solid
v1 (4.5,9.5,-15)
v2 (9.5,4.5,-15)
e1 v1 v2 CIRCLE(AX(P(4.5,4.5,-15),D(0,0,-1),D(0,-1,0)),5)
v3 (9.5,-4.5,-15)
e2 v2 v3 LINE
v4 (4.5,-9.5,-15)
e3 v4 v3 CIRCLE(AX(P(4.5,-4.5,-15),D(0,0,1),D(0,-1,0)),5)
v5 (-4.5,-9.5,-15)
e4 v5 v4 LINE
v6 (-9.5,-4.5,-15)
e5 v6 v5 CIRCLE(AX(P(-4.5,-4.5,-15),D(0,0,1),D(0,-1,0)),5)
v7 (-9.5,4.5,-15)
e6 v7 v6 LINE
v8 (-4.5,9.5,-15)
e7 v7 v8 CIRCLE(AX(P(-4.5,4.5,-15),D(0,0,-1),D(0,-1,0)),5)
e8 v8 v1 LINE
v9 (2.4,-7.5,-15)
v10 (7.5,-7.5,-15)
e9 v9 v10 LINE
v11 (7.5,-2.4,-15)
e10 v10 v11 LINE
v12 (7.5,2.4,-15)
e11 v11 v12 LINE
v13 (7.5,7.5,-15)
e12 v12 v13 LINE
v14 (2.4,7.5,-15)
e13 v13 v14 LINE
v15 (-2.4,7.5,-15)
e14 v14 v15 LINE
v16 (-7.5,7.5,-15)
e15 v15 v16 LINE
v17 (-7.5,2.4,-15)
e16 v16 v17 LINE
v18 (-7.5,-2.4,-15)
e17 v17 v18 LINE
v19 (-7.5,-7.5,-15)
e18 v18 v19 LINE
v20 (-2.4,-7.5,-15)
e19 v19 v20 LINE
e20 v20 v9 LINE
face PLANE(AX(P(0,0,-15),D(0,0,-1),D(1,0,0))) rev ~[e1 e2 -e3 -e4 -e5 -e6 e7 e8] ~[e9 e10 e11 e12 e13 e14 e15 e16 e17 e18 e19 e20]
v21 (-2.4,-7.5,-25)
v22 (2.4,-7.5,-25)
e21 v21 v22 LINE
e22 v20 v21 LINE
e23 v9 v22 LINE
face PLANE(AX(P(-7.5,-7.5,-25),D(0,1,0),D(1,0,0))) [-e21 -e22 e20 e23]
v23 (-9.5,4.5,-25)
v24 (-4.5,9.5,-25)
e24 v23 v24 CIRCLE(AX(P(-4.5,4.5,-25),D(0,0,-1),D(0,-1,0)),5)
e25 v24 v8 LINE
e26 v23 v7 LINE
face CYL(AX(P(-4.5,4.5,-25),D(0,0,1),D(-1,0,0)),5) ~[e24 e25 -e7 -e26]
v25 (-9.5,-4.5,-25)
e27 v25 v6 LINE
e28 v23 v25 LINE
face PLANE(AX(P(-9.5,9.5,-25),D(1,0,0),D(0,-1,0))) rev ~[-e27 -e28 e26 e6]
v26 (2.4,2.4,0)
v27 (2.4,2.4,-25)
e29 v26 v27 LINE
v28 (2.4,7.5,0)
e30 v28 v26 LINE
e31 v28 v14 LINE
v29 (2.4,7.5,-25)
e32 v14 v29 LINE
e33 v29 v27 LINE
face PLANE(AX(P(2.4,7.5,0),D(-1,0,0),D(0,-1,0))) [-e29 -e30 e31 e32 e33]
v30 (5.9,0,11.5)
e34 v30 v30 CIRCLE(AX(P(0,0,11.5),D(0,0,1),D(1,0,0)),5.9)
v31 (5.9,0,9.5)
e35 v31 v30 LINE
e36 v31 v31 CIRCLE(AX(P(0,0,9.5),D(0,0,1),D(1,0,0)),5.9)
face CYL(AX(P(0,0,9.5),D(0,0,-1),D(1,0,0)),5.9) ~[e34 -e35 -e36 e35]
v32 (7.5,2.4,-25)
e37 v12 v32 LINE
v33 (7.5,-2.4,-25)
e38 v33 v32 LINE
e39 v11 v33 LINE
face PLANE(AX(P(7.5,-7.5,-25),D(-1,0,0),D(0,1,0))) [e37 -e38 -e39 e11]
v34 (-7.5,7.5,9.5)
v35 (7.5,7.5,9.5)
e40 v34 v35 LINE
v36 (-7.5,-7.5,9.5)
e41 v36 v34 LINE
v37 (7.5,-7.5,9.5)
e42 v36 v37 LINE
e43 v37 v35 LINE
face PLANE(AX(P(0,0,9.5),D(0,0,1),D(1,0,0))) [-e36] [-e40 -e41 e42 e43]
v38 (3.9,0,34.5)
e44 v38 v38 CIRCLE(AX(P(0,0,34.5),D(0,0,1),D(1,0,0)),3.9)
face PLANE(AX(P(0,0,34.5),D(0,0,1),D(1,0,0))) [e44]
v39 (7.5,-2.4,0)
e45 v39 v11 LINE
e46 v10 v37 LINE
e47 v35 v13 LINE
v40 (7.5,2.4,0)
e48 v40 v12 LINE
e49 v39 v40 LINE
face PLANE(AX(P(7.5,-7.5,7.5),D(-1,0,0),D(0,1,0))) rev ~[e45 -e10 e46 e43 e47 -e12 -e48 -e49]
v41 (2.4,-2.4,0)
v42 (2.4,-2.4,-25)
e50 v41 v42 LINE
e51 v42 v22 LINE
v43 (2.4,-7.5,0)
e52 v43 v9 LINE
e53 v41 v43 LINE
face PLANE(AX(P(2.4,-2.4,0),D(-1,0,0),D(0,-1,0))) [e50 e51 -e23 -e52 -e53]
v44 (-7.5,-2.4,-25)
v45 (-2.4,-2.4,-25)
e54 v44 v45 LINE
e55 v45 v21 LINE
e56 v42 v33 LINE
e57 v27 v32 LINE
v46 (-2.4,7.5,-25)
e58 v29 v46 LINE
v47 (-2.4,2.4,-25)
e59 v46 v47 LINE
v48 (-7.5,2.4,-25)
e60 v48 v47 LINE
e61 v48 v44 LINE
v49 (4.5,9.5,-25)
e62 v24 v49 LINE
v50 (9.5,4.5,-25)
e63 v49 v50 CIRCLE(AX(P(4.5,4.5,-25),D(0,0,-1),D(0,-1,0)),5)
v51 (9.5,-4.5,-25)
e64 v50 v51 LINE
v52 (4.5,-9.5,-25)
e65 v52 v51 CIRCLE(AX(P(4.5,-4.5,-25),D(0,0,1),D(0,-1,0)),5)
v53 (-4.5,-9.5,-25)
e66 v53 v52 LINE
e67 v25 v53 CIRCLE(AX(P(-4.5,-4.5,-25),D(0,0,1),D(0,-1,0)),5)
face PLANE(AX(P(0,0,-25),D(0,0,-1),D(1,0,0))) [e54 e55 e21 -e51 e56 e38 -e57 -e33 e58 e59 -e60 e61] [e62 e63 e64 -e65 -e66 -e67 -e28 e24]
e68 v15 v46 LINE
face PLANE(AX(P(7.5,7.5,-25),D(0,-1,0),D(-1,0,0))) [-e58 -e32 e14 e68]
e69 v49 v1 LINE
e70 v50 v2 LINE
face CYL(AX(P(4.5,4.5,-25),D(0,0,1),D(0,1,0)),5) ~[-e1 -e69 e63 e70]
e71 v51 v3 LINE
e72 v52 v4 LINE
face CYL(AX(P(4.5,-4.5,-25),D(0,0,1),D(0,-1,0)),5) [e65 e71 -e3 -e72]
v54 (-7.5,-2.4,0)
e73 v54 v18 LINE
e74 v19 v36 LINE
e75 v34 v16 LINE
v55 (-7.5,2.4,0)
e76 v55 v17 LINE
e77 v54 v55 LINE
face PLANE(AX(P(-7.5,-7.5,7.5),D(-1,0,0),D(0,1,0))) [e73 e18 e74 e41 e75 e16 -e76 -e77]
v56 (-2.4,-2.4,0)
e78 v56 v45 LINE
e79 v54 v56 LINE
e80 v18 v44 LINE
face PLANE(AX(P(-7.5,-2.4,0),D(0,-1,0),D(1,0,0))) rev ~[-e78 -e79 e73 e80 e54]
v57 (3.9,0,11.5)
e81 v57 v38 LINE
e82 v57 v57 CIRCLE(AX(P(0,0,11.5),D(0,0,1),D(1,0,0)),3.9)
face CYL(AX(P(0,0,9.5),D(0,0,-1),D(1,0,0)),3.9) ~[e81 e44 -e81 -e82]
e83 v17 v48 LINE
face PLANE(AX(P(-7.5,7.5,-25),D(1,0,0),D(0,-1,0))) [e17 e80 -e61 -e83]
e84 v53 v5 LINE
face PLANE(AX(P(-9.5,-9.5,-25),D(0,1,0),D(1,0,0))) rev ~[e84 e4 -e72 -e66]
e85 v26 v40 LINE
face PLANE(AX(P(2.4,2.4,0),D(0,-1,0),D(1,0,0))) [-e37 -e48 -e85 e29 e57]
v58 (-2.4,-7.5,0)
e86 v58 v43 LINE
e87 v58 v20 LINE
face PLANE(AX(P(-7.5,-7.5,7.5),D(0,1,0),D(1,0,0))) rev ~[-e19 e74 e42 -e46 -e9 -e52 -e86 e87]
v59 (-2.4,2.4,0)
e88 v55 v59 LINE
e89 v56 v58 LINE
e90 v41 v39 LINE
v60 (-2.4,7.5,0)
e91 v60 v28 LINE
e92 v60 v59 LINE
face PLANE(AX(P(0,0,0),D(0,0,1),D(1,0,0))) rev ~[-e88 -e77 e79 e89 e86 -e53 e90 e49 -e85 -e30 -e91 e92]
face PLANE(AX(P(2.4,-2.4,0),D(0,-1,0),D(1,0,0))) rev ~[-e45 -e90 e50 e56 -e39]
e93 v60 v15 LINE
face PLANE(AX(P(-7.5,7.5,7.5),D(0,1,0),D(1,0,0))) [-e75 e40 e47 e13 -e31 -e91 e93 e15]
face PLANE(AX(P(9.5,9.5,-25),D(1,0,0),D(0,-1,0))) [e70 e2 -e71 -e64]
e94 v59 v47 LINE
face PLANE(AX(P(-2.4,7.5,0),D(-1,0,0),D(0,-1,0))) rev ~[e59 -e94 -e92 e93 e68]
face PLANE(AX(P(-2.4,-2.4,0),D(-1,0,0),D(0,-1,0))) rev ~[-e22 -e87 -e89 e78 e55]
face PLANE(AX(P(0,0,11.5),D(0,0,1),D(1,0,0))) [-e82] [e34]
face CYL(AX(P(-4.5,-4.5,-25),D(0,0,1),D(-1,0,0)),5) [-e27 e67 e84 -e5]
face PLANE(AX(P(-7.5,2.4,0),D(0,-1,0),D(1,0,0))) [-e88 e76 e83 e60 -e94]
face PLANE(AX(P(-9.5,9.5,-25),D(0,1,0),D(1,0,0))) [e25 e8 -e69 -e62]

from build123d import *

# Parameters (mm, degrees)
F0_W      = 15
F0_H      = 15
F1_DEPTH  = 7.5
F2_DEPTH  = 2
F3_W      = 5.1
F3_H      = 5.1
F4_DEPTH  = 25
F5_DEPTH  = 2
F6_W      = 19
F6_H      = 19
F7_DEPTH  = 10
F8_R      = 5
F9_R      = 5.9
F9_R_2    = 3.9
F10_DEPTH = 2
F11_DEPTH = 25


with BuildPart() as f1:
    # F0 (on Top) → F1 (new body)
    with BuildSketch(Plane.XY):
        Rectangle(F0_W, F0_H)
        with BuildLine():
            ThreePointArc((3.7416573868, 1.1), (3.8602113808, 0.5556690524), (3.9, 0))
            ThreePointArc((3.9, 0), (3.8602113808, -0.5556690524), (3.7416573868, -1.1))
            ThreePointArc((3.7416573868, -1.1), (0, -3.9), (-3.7416573868, -1.1))
            ThreePointArc((-3.7416573868, -1.1), (-3.9, 0), (-3.7416573868, 1.1))
            ThreePointArc((-3.7416573868, 1.1), (0, 3.9), (3.7416573868, 1.1))
        make_face(mode=Mode.SUBTRACT)
        with BuildLine():
            ThreePointArc((-3.7416573868, -1.1), (0, -3.9), (3.7416573868, -1.1))
            Line((3.7416573868, -1.1), (-3.7416573868, -1.1))
        make_face()
        with BuildLine():
            Line((-3.7416573868, 1.1), (3.7416573868, 1.1))
            ThreePointArc((3.7416573868, 1.1), (0, 3.9), (-3.7416573868, 1.1))
        make_face()
        with BuildLine():
            ThreePointArc((3.7416573868, -1.1), (3.8602113808, -0.5556690524), (3.9, 0))
            ThreePointArc((3.9, 0), (3.8602113808, 0.5556690524), (3.7416573868, 1.1))
            Line((3.7416573868, 1.1), (-3.7416573868, 1.1))
            ThreePointArc((-3.7416573868, 1.1), (-3.9, 0), (-3.7416573868, -1.1))
            Line((-3.7416573868, -1.1), (3.7416573868, -1.1))
        make_face()
    extrude(amount=F1_DEPTH)

    # F0 (on Top) → F2 (join)
    with BuildSketch(Plane.XY):
        with BuildLine():
            ThreePointArc((3.7416573868, -1.1), (3.8602113808, -0.5556690524), (3.9, 0))
            ThreePointArc((3.9, 0), (3.8602113808, 0.5556690524), (3.7416573868, 1.1))
            Line((3.7416573868, 1.1), (-3.7416573868, 1.1))
            ThreePointArc((-3.7416573868, 1.1), (-3.9, 0), (-3.7416573868, -1.1))
            Line((-3.7416573868, -1.1), (3.7416573868, -1.1))
        make_face()
    extrude(amount=F2_DEPTH)

    # F3 (on face) → F4 (join)
    with BuildSketch(Plane(origin=(0, 0, 0), x_dir=(1, 0, 0), z_dir=(0, 0, -1))):
        with Locations((-4.95, -4.95)):
            Rectangle(F3_W, F3_H)
        with Locations((4.95, -4.95)):
            Rectangle(F3_W, F3_H)
        with Locations((4.95, 4.95)):
            Rectangle(F3_W, F3_H)
        with Locations((-4.95, 4.95)):
            Rectangle(F3_W, F3_H)
    extrude(amount=F4_DEPTH)

    # F5 (add): a face of the model
    f5_faces = [f1.faces().sort_by_distance(p)[0] for p in [
        (0, 0, 7.5),
    ]]
    extrude(f5_faces, amount=F5_DEPTH)

    # F6 (on face) → F7 (join)
    with BuildSketch(Plane(origin=(0, 0, -25), x_dir=(1, 0, 0), z_dir=(0, 0, -1))):
        Rectangle(F6_W, F6_H)
        Polygon((-7.5, 2.4), (-7.5, 7.5), (-2.4, 7.5), (2.4, 7.5), (7.5, 7.5), (7.5, 2.4), (7.5, -2.4), (7.5, -7.5), (2.4, -7.5), (-2.4, -7.5), (-7.5, -7.5), (-7.5, -2.4), align=None, mode=Mode.SUBTRACT)
    extrude(amount=-F7_DEPTH)

    # F8
    f8_edges = [f1.edges().sort_by_distance(p)[0] for p in [
        (9.5, -9.5, -20),
        (9.5, 9.5, -20),
        (-9.5, 9.5, -20),
        (-9.5, -9.5, -20),
    ]]
    fillet(f8_edges, radius=F8_R)

    # F9 (on face) → F10 (join)
    with BuildSketch(Plane.XY.offset(9.5)):
        Circle(F9_R)
        Circle(F9_R_2, mode=Mode.SUBTRACT)
    extrude(amount=F10_DEPTH)

    # F11 (add): a face of the model
    f11_faces = [f1.faces().sort_by_distance(p)[0] for p in [
        (0, 0, 9.5),
    ]]
    extrude(f11_faces, amount=F11_DEPTH)


solid = f1.part
